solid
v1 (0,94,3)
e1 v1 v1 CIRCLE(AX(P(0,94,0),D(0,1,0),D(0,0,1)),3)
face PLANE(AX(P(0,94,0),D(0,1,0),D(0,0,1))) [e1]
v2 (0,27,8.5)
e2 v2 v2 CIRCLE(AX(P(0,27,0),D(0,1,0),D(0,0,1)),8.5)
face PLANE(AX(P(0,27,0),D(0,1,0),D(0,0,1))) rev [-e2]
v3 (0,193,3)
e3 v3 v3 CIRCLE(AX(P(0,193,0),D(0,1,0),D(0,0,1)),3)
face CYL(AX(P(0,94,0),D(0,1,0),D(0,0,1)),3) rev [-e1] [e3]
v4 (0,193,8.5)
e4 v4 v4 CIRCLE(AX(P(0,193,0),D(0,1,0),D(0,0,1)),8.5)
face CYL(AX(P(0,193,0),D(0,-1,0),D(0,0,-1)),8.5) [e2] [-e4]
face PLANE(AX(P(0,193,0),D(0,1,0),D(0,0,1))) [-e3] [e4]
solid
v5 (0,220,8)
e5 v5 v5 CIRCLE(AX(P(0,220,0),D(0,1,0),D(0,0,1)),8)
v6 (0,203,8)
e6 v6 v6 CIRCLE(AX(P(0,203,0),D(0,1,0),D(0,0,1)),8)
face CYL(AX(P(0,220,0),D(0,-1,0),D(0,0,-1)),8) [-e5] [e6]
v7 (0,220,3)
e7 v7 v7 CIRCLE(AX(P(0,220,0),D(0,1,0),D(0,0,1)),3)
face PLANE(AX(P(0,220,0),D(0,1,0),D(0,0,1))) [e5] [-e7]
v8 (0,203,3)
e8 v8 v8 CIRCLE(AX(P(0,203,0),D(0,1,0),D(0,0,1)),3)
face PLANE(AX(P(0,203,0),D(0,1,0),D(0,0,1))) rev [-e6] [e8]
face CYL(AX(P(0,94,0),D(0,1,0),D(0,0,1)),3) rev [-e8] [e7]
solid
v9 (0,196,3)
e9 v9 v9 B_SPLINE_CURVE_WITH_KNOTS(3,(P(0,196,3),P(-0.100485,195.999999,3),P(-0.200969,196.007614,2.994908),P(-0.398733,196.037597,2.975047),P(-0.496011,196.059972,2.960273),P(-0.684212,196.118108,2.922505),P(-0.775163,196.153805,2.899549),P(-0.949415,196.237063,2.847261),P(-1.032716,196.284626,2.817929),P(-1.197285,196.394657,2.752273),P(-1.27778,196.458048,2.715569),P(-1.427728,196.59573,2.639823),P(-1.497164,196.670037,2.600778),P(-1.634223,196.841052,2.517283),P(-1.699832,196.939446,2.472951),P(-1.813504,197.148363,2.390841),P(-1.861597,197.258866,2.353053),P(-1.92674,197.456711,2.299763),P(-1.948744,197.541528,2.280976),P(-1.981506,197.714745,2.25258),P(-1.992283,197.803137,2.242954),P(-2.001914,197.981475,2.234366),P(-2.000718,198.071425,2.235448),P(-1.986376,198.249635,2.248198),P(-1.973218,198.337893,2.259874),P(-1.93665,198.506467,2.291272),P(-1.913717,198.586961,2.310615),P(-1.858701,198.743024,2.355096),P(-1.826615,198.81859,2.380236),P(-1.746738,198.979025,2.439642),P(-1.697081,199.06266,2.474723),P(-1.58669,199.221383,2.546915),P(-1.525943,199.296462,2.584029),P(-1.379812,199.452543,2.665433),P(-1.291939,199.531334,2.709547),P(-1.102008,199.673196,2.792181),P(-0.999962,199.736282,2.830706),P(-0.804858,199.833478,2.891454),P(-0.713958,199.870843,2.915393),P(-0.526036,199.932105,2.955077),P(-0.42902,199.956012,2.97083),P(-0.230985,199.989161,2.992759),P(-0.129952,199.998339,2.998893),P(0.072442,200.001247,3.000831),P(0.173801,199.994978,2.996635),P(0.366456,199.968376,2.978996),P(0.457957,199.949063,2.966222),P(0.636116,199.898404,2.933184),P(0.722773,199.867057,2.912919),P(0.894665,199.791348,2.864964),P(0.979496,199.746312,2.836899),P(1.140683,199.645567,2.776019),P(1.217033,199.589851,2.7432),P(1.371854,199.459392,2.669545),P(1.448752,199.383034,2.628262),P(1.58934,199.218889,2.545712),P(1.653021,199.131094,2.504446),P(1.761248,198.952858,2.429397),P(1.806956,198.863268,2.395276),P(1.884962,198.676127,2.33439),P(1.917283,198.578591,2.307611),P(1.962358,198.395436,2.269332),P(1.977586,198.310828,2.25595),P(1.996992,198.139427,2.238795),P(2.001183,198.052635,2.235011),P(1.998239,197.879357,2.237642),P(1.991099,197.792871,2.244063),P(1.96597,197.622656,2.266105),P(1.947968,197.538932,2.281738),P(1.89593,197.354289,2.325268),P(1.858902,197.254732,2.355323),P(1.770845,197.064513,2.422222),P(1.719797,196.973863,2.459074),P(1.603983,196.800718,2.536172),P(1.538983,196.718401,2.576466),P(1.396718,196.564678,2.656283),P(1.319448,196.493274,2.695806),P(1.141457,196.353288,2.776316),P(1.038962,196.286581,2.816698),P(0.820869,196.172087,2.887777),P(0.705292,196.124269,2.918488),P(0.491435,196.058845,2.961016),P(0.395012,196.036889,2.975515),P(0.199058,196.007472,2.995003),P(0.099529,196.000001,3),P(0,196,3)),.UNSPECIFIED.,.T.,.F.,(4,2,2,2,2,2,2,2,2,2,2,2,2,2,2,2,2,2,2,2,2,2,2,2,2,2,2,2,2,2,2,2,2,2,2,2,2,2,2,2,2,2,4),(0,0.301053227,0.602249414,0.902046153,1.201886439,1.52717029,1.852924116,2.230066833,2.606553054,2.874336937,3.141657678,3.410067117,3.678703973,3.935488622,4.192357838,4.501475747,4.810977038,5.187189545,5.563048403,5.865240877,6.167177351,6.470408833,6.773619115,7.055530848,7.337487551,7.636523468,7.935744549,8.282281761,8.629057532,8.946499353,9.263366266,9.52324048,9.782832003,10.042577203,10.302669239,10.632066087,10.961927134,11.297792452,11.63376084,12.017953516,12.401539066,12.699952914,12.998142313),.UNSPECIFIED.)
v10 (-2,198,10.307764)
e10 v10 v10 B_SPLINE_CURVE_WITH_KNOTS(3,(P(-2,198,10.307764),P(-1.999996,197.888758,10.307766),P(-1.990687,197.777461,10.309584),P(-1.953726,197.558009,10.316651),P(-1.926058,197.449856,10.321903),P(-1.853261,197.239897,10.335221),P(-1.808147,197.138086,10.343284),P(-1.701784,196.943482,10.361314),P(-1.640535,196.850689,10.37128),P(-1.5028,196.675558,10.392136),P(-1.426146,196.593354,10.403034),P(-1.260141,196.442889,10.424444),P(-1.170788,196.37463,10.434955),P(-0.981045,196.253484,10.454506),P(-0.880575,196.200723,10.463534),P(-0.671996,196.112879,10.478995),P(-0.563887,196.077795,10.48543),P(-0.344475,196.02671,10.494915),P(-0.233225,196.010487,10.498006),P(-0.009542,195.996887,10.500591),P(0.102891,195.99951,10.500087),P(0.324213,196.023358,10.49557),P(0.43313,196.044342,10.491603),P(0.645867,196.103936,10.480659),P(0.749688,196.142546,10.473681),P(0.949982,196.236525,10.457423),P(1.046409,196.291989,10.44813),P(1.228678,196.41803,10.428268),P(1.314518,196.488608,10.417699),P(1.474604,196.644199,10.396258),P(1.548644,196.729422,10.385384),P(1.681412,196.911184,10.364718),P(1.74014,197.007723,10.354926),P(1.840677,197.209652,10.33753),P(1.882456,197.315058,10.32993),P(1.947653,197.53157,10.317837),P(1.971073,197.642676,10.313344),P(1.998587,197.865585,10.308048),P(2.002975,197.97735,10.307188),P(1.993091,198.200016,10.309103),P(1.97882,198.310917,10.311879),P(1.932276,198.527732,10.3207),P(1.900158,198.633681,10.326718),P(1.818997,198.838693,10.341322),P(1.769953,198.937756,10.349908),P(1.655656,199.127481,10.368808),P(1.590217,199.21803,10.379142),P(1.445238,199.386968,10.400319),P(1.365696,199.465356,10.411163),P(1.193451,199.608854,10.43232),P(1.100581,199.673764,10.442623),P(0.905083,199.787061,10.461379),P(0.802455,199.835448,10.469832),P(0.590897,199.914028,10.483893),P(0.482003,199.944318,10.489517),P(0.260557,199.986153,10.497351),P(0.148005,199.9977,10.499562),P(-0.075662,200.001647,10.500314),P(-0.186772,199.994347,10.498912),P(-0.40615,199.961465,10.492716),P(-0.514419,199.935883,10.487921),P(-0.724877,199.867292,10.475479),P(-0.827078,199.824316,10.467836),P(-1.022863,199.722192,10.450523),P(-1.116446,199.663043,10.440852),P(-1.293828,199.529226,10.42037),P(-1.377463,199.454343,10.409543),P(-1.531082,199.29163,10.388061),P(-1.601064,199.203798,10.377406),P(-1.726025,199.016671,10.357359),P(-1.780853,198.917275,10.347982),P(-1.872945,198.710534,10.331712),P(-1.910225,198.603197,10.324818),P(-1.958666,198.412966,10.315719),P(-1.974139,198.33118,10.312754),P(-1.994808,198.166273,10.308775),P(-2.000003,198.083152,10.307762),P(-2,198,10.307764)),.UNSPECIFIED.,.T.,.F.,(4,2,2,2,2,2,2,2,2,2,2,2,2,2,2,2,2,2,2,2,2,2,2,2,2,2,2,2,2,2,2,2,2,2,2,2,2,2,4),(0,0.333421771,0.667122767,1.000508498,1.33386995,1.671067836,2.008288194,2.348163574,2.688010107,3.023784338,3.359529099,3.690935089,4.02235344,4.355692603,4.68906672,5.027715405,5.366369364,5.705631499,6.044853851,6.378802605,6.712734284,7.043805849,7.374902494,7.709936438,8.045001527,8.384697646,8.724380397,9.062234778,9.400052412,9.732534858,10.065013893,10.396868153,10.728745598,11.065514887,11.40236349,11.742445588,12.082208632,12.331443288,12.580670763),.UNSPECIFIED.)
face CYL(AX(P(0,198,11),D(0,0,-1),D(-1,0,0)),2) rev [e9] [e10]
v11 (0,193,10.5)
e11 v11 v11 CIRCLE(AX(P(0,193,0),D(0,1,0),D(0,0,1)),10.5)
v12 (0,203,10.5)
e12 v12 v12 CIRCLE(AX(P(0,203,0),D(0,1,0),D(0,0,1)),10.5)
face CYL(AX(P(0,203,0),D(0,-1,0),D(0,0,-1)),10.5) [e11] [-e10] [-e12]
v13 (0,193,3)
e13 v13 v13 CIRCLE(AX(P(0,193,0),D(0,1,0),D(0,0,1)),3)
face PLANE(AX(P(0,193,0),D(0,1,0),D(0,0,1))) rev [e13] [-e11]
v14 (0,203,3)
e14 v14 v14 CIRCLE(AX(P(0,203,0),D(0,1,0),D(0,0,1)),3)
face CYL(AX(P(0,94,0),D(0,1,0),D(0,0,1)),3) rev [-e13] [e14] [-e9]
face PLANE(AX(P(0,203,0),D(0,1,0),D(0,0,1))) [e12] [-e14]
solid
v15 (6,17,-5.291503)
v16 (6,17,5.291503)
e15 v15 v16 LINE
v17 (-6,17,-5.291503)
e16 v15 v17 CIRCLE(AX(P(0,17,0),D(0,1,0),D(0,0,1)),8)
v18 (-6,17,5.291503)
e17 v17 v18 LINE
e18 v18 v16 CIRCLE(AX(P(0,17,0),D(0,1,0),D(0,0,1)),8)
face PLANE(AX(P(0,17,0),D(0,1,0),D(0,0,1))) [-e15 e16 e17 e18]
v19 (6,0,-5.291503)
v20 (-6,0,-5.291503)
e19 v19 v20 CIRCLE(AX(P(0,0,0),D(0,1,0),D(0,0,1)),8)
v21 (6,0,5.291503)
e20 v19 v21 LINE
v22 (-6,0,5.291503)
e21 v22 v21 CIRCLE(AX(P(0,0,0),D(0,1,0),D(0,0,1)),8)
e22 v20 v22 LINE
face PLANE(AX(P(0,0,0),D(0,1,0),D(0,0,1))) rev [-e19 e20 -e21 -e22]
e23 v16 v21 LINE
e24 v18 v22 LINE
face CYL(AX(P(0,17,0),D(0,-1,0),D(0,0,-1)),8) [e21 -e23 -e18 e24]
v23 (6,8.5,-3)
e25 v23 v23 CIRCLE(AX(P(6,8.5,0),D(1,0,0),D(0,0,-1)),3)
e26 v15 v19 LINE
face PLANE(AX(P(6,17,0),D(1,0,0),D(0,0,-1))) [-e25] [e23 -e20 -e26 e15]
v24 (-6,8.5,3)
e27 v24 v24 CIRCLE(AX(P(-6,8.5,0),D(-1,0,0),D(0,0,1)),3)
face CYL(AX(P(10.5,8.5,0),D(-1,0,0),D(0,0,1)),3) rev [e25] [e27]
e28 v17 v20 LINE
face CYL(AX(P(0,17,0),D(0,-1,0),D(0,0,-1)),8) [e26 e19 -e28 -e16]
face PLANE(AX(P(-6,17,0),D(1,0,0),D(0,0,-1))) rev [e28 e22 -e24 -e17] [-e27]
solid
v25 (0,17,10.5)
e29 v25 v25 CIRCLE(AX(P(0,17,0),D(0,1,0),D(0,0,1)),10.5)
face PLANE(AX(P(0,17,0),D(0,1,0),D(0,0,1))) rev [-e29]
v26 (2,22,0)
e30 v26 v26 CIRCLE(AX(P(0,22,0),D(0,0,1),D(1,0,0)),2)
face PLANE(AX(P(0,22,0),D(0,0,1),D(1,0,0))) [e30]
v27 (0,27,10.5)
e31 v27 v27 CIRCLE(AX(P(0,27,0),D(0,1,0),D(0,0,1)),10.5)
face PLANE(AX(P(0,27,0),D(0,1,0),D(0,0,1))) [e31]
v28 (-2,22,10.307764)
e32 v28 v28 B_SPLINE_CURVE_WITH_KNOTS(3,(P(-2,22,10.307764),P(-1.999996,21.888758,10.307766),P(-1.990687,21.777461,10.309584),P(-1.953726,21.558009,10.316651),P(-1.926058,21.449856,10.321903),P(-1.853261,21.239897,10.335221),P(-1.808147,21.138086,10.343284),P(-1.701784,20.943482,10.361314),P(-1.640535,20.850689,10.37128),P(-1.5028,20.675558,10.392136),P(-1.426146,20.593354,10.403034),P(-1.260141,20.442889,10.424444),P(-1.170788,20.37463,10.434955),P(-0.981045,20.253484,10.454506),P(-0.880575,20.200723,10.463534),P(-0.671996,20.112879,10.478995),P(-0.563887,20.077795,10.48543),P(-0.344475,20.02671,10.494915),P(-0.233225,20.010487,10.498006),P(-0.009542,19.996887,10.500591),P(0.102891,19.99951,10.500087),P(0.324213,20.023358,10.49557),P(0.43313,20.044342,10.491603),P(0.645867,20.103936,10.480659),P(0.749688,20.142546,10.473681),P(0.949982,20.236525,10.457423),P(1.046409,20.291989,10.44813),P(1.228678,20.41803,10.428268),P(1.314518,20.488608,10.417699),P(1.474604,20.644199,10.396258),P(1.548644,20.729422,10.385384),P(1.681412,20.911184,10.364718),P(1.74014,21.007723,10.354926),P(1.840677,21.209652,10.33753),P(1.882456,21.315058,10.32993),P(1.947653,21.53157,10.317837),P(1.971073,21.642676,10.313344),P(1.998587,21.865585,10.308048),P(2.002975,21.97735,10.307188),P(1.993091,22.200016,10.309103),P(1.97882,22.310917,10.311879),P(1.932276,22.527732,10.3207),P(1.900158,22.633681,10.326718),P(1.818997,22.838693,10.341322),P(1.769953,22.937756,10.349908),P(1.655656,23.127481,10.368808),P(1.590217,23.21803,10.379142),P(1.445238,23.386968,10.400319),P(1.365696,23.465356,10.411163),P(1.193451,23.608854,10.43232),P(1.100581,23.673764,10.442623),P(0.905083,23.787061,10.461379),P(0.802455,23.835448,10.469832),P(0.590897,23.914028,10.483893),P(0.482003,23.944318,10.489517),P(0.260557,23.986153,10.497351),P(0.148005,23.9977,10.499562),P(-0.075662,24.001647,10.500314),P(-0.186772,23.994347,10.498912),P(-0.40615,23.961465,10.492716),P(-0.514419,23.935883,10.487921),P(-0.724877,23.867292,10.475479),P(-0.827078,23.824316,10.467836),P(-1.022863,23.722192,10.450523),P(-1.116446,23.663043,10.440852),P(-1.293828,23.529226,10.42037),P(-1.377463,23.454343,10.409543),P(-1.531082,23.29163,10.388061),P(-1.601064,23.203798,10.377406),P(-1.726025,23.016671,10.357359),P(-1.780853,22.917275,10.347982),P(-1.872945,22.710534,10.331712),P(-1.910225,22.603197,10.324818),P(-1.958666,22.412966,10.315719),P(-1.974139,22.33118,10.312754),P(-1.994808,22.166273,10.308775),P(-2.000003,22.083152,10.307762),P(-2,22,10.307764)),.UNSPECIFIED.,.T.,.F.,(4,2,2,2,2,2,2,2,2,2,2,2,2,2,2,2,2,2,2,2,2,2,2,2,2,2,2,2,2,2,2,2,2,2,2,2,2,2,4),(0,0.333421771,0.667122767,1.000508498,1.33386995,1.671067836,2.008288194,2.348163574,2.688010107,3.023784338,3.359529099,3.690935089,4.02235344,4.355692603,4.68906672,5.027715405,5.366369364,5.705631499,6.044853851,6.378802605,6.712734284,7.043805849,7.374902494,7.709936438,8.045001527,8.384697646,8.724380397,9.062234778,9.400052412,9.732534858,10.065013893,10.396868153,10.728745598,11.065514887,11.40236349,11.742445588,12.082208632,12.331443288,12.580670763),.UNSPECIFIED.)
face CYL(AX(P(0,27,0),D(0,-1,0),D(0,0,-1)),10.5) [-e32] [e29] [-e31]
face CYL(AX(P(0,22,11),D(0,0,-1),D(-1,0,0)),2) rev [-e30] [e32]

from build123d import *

# Parameters (mm, degrees)
SKETCH1_R           = 8
BOSS_EXTRUDE1_DEPTH = 17
SKETCH3_R           = 10.5
BOSS_EXTRUDE2_DEPTH = 10
SKETCH4_R           = 8.5
BOSS_EXTRUDE3_DEPTH = 166
SKETCH5_R           = 10.5
BOSS_EXTRUDE4_DEPTH = 10
SKETCH6_R           = 8
BOSS_EXTRUDE5_DEPTH = 17
CUT_EXTRUDE2_DEPTH  = 17
SKETCH8_R           = 3
CUT_EXTRUDE3_DEPTH  = 221.867607403
SKETCH9_R           = 3
CUT_EXTRUDE4_DEPTH  = 126
SKETCH10_R          = 2
CUT_EXTRUDE5_DEPTH  = 11


with BuildPart() as part:
    # Sketch1 → Boss-Extrude1 (new body)
    with BuildSketch(Plane(origin=(0, 0, 0), x_dir=(1, 0, 0), z_dir=(0, 1, 0))):
        with Locations(Location((0, 0, 0), (0, 0, 270))):
            Circle(SKETCH1_R)
    extrude(amount=BOSS_EXTRUDE1_DEPTH)

    # Sketch7 → Cut-Extrude2 (cut)
    with BuildSketch(Plane.XZ):
        with BuildLine():
            ThreePointArc((-6, 5.291502622), (-8, 0), (-6, -5.291502622))
            Line((-6, -5.291502622), (-6, 5.291502622))
        make_face()
        with BuildLine():
            Line((6, 5.291502622), (6, -5.291502622))
            ThreePointArc((6, -5.291502622), (7.483314774, -2.828427125), (8, 0))
            ThreePointArc((8, 0), (7.483314774, 2.828427125), (6, 5.291502622))
        make_face()
    extrude(amount=-CUT_EXTRUDE2_DEPTH, mode=Mode.SUBTRACT)

    # Sketch8 → Cut-Extrude3 (cut, through all)
    with BuildSketch(Plane.ZY.offset(6)):
        with Locations((0, 8.5)):
            Circle(SKETCH8_R)
    extrude(amount=-CUT_EXTRUDE3_DEPTH, mode=Mode.SUBTRACT)


with BuildPart() as body_2:
    # Sketch3 → Boss-Extrude2 (new body)
    with BuildSketch(Plane(origin=(0, 17, 0), x_dir=(1, 0, 0), z_dir=(0, 1, 0))):
        with Locations(Location((0, 0, 0), (0, 0, 270))):
            Circle(SKETCH3_R)
    extrude(amount=BOSS_EXTRUDE2_DEPTH)


with BuildPart() as body_3:
    # Sketch4 → Boss-Extrude3 (new body)
    with BuildSketch(Plane(origin=(0, 27, 0), x_dir=(1, 0, 0), z_dir=(0, 1, 0))):
        with Locations(Location((0, 0, 0), (0, 0, 270))):
            Circle(SKETCH4_R)
    extrude(amount=BOSS_EXTRUDE3_DEPTH)


with BuildPart() as body_4:
    # Sketch5 → Boss-Extrude4 (new body)
    with BuildSketch(Plane(origin=(0, 193, 0), x_dir=(1, 0, 0), z_dir=(0, 1, 0))):
        with Locations(Location((0, 0, 0), (0, 0, 270))):
            Circle(SKETCH5_R)
    extrude(amount=BOSS_EXTRUDE4_DEPTH)


with BuildPart() as body_5:
    # Sketch6 → Boss-Extrude5 (new body)
    with BuildSketch(Plane(origin=(0, 203, 0), x_dir=(1, 0, 0), z_dir=(0, 1, 0))):
        with Locations(Location((0, 0, 0), (0, 0, 270))):
            Circle(SKETCH6_R)
    extrude(amount=BOSS_EXTRUDE5_DEPTH)


with BuildPart() as cut_extrude4_tool:
    # Sketch9 → Cut-Extrude4 (new body)
    with BuildSketch(Plane(origin=(0, 220, 0), x_dir=(1, 0, 0), z_dir=(0, 1, 0))):
        with Locations(Location((0, 0, 0), (0, 0, 270))):
            Circle(SKETCH9_R)
    extrude(amount=-CUT_EXTRUDE4_DEPTH)


with BuildPart() as body_3_1:
    add(body_3.part)

    # Cut-Extrude4: cut by cut_extrude4_tool
    add(cut_extrude4_tool.part, mode=Mode.SUBTRACT)


with BuildPart() as body_4_1:
    add(body_4.part)

    # Cut-Extrude4: cut by cut_extrude4_tool
    add(cut_extrude4_tool.part, mode=Mode.SUBTRACT)


with BuildPart() as body_5_1:
    add(body_5.part)

    # Cut-Extrude4: cut by cut_extrude4_tool
    add(cut_extrude4_tool.part, mode=Mode.SUBTRACT)


with BuildPart() as cut_extrude5_tool:
    # Sketch10 → Cut-Extrude5 (new body)
    with BuildSketch(Plane.XY):
        with Locations(Location((0, 198, 0), (0, 0, 270))):
            Circle(SKETCH10_R)
        with Locations(Location((0, 22, 0), (0, 0, 180))):
            Circle(SKETCH10_R)
    extrude(amount=CUT_EXTRUDE5_DEPTH)


with BuildPart() as body_2_1:
    add(body_2.part)

    # Cut-Extrude5: cut by cut_extrude5_tool
    add(cut_extrude5_tool.part, mode=Mode.SUBTRACT)


with BuildPart() as body_4_2:
    add(body_4_1.part)

    # Cut-Extrude5: cut by cut_extrude5_tool
    add(cut_extrude5_tool.part, mode=Mode.SUBTRACT)


solid = Compound([part.part, body_3_1.part, body_5_1.part, body_2_1.part, body_4_2.part])
